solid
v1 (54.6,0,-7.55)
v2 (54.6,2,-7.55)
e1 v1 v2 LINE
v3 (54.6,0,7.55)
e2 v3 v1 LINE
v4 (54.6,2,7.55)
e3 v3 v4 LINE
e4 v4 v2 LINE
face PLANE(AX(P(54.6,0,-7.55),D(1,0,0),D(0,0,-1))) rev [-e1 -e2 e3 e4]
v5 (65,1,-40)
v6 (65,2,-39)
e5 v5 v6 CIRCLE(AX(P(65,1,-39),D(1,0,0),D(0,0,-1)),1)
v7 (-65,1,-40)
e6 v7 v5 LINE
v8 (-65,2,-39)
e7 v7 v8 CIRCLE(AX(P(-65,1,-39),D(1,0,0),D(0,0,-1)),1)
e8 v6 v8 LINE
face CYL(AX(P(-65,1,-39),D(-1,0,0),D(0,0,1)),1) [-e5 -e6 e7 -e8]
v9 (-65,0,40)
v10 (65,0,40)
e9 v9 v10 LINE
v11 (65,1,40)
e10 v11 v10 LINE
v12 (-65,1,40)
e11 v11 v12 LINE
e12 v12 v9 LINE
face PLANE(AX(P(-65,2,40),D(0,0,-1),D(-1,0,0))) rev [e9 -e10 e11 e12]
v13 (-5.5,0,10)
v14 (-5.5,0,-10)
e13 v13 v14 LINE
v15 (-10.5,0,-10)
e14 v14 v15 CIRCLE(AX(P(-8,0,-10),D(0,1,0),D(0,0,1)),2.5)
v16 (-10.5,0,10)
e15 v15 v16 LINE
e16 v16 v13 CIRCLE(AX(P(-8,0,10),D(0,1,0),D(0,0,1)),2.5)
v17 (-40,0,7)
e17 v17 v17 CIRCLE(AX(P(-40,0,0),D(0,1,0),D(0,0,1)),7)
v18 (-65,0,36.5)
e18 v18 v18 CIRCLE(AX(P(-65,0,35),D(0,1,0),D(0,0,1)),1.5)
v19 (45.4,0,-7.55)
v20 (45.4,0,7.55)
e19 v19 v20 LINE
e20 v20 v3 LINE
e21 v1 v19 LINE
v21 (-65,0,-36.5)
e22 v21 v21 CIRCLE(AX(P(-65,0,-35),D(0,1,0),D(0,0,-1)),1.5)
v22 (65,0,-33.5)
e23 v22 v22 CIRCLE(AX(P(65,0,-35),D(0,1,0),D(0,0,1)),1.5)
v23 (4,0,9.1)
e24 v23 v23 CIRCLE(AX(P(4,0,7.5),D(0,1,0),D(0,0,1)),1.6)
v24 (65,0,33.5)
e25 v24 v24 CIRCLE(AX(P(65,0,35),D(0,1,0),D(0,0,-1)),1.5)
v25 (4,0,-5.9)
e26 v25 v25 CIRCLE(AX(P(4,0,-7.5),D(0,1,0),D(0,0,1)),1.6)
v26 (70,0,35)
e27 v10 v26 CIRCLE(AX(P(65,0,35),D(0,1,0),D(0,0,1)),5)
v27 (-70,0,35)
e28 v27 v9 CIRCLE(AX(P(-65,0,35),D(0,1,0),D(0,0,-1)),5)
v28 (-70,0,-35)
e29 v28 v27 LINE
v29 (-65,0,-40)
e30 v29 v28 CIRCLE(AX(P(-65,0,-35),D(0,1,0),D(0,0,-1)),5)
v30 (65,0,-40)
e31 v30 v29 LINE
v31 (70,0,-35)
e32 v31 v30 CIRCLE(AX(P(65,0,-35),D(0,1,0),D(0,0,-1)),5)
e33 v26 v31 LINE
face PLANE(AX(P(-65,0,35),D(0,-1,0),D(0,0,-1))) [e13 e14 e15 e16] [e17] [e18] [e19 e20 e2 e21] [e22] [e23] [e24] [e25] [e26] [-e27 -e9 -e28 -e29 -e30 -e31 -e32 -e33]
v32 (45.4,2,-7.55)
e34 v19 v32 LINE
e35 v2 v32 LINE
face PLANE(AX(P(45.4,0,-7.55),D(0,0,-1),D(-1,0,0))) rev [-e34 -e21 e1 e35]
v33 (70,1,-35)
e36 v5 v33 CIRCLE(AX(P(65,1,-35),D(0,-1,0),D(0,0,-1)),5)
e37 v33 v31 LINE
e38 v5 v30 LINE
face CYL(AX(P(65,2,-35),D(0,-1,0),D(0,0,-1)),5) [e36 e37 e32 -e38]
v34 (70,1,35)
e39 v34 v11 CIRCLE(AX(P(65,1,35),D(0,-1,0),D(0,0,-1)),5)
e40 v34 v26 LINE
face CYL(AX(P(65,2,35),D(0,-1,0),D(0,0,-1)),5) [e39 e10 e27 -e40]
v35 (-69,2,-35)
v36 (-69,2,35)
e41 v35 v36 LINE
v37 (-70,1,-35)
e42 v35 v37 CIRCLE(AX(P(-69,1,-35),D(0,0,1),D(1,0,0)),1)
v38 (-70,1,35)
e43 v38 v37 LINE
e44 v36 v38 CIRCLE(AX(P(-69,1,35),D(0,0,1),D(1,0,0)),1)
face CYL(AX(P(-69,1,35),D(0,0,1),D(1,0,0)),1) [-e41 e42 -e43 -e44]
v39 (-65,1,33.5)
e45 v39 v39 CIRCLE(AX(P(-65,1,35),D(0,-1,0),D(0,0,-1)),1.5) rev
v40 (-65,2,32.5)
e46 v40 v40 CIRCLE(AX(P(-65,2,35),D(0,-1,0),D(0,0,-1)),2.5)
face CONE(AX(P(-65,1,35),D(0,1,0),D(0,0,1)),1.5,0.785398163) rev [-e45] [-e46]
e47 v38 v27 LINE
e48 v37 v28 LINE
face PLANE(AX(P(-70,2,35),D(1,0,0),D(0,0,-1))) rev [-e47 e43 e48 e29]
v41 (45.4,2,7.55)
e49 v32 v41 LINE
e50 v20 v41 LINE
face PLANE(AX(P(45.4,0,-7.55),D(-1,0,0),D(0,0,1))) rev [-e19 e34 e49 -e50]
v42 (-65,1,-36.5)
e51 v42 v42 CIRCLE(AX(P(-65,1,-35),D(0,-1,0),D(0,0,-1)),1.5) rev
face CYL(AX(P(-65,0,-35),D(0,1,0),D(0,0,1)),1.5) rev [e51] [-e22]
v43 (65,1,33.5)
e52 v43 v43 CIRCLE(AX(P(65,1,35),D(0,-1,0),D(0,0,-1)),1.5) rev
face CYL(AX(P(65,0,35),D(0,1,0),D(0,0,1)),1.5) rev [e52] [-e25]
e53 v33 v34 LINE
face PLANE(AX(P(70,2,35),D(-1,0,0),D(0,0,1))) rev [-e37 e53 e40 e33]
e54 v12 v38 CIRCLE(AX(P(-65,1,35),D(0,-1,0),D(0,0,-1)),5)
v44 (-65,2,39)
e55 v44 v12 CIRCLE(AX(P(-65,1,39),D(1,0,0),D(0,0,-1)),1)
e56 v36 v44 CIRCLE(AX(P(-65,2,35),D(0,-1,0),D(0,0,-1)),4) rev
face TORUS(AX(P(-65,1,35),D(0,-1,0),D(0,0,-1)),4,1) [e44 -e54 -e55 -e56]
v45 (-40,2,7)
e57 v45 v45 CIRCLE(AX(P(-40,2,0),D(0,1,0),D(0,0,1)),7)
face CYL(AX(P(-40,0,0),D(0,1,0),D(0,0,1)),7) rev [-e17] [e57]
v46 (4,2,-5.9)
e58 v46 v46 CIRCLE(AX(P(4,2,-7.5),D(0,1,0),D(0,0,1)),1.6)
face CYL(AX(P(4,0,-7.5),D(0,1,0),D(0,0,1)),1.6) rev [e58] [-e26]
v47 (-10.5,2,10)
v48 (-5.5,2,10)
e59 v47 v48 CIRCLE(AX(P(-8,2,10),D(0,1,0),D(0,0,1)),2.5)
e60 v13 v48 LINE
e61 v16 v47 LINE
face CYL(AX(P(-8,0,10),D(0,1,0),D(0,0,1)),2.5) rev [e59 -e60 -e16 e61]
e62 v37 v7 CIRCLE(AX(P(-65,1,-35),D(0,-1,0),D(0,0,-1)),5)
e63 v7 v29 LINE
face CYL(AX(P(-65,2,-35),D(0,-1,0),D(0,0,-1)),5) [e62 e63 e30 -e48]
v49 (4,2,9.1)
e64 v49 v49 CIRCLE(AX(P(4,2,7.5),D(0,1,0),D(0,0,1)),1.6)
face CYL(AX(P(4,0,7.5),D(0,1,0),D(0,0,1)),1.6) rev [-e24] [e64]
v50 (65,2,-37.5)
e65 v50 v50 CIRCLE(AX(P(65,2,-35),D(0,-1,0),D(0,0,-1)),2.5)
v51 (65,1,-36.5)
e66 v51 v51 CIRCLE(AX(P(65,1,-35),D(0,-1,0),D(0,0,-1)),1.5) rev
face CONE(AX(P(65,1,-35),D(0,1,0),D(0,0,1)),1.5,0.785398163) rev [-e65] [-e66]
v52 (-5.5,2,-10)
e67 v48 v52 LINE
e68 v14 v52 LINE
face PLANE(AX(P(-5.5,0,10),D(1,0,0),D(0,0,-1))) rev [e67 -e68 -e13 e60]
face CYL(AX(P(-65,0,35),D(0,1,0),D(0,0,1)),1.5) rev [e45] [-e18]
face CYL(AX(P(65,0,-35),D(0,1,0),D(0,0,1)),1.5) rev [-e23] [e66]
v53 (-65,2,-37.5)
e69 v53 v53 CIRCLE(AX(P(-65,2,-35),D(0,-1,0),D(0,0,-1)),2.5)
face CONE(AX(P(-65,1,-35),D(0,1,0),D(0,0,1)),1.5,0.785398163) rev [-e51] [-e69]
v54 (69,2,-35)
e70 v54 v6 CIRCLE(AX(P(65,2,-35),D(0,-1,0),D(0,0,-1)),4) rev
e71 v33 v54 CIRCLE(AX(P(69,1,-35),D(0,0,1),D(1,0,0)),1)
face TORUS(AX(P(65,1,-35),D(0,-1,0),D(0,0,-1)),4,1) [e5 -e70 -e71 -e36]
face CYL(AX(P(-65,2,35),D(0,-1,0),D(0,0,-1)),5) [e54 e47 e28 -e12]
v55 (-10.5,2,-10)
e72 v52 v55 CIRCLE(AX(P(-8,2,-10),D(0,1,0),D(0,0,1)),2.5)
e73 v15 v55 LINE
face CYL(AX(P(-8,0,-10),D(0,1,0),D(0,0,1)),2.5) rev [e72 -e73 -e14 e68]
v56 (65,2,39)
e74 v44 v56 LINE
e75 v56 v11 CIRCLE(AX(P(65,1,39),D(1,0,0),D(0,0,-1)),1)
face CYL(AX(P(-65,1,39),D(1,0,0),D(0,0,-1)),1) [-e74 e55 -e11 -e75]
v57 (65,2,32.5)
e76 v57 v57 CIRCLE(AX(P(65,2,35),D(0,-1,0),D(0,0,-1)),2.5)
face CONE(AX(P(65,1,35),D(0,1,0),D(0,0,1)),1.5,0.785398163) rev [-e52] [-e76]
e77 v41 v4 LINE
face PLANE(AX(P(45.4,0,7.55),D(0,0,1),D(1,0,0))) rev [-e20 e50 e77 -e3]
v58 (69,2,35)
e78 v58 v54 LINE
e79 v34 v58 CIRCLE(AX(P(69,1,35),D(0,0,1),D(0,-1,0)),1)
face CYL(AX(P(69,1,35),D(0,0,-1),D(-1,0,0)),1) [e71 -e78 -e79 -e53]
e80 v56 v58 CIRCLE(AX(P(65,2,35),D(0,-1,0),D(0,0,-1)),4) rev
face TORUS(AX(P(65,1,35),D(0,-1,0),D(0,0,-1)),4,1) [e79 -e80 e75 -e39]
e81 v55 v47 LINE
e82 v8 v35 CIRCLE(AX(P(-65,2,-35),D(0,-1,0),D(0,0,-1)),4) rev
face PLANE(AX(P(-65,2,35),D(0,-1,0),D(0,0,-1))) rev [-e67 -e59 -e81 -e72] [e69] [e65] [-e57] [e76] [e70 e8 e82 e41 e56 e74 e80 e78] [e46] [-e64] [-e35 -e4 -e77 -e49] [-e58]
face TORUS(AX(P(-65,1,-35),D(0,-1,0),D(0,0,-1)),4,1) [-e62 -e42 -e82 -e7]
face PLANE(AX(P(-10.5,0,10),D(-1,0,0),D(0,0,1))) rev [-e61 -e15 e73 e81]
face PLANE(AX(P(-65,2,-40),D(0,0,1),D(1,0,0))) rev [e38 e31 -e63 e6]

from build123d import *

# Parameters (mm, degrees)
SALIENTE_EXTRUIR1_DEPTH = 2
CROQUIS2_R              = 1.5
CORTAR_EXTRUIR1_DEPTH   = 2
CHAFL_N1_SIZE           = 1
CROQUIS3_R              = 1.6
CORTAR_EXTRUIR2_DEPTH   = 2
CROQUIS4_R              = 7
CROQUIS4_W              = 9.2
CROQUIS4_H              = 15.1
CORTAR_EXTRUIR3_DEPTH   = 2
REDONDEO1_R             = 1


with BuildPart() as part:
    # Croquis1 → Saliente-Extruir1 (new body)
    with BuildSketch(Plane(origin=(0, 0, 0), x_dir=(1, 0, 0), z_dir=(0, 1, 0))):
        with BuildLine():
            Line((-65, -40), (65, -40))
            ThreePointArc((65, -40), (68.535533906, -38.535533906), (70, -35))
            Line((70, -35), (70, 35))
            ThreePointArc((70, 35), (68.535533906, 38.535533906), (65, 40))
            Line((65, 40), (-65, 40))
            ThreePointArc((-65, 40), (-68.535533906, 38.535533906), (-70, 35))
            Line((-70, 35), (-70, -35))
            ThreePointArc((-70, -35), (-68.535533906, -38.535533906), (-65, -40))
        make_face()
    extrude(amount=SALIENTE_EXTRUIR1_DEPTH)

    # Croquis2 → Cortar-Extruir1 (cut)
    with BuildSketch(Plane(origin=(0, 2, 0), x_dir=(1, 0, 0), z_dir=(0, 1, 0))):
        with Locations(Location((65, 35, 0), (0, 0, 270))):
            Circle(CROQUIS2_R)
        with Locations(Location((65, -35, 0), (0, 0, 90))):
            Circle(CROQUIS2_R)
        with Locations(Location((-65, -35, 0), (0, 0, 270))):
            Circle(CROQUIS2_R)
        with Locations(Location((-65, 35, 0), (0, 0, 90))):
            Circle(CROQUIS2_R)
    extrude(amount=-CORTAR_EXTRUIR1_DEPTH, mode=Mode.SUBTRACT)

    # Chaflán1
    chafl_n1_edges = [part.edges().sort_by_distance(p)[0] for p in [
        (-65, 2, -33.5),
        (-65, 2, 33.5),
        (65, 2, 36.5),
        (65, 2, -36.5),
    ]]
    chamfer(chafl_n1_edges, length=CHAFL_N1_SIZE)

    # Croquis3 → Cortar-Extruir2 (cut)
    with BuildSketch(Plane(origin=(0, 2, 0), x_dir=(1, 0, 0), z_dir=(0, 1, 0))):
        with Locations(Location((4, 7.5, 0), (0, 0, 270))):
            Circle(CROQUIS3_R)
        with Locations(Location((4, -7.5, 0), (0, 0, 270))):
            Circle(CROQUIS3_R)
        with BuildLine():
            Line((-10.5, -10), (-10.5, 10))
            ThreePointArc((-10.5, 10), (-8, 12.5), (-5.5, 10))
            Line((-5.5, 10), (-5.5, -10))
            ThreePointArc((-5.5, -10), (-8, -12.5), (-10.5, -10))
        make_face()
    extrude(amount=-CORTAR_EXTRUIR2_DEPTH, mode=Mode.SUBTRACT)

    # Croquis4 → Cortar-Extruir3 (cut)
    with BuildSketch(Plane(origin=(0, 2, 0), x_dir=(1, 0, 0), z_dir=(0, 1, 0))):
        with Locations(Location((-40, 0, 0), (0, 0, 270))):
            Circle(CROQUIS4_R)
        with Locations((50, 0)):
            Rectangle(CROQUIS4_W, CROQUIS4_H)
    extrude(amount=-CORTAR_EXTRUIR3_DEPTH, mode=Mode.SUBTRACT)

    # Redondeo1
    redondeo1_edges = [part.edges().sort_by_distance(p)[0] for p in [
        (68.535533906, 2, 38.535533906),
        (70, 2, 0),
        (68.535533906, 2, -38.535533906),
        (0, 2, -40),
        (-68.535533906, 2, -38.535533906),
        (-70, 2, 0),
        (-68.535533906, 2, 38.535533906),
        (0, 2, 40),
    ]]
    fillet(redondeo1_edges, radius=REDONDEO1_R)


solid = part.part
